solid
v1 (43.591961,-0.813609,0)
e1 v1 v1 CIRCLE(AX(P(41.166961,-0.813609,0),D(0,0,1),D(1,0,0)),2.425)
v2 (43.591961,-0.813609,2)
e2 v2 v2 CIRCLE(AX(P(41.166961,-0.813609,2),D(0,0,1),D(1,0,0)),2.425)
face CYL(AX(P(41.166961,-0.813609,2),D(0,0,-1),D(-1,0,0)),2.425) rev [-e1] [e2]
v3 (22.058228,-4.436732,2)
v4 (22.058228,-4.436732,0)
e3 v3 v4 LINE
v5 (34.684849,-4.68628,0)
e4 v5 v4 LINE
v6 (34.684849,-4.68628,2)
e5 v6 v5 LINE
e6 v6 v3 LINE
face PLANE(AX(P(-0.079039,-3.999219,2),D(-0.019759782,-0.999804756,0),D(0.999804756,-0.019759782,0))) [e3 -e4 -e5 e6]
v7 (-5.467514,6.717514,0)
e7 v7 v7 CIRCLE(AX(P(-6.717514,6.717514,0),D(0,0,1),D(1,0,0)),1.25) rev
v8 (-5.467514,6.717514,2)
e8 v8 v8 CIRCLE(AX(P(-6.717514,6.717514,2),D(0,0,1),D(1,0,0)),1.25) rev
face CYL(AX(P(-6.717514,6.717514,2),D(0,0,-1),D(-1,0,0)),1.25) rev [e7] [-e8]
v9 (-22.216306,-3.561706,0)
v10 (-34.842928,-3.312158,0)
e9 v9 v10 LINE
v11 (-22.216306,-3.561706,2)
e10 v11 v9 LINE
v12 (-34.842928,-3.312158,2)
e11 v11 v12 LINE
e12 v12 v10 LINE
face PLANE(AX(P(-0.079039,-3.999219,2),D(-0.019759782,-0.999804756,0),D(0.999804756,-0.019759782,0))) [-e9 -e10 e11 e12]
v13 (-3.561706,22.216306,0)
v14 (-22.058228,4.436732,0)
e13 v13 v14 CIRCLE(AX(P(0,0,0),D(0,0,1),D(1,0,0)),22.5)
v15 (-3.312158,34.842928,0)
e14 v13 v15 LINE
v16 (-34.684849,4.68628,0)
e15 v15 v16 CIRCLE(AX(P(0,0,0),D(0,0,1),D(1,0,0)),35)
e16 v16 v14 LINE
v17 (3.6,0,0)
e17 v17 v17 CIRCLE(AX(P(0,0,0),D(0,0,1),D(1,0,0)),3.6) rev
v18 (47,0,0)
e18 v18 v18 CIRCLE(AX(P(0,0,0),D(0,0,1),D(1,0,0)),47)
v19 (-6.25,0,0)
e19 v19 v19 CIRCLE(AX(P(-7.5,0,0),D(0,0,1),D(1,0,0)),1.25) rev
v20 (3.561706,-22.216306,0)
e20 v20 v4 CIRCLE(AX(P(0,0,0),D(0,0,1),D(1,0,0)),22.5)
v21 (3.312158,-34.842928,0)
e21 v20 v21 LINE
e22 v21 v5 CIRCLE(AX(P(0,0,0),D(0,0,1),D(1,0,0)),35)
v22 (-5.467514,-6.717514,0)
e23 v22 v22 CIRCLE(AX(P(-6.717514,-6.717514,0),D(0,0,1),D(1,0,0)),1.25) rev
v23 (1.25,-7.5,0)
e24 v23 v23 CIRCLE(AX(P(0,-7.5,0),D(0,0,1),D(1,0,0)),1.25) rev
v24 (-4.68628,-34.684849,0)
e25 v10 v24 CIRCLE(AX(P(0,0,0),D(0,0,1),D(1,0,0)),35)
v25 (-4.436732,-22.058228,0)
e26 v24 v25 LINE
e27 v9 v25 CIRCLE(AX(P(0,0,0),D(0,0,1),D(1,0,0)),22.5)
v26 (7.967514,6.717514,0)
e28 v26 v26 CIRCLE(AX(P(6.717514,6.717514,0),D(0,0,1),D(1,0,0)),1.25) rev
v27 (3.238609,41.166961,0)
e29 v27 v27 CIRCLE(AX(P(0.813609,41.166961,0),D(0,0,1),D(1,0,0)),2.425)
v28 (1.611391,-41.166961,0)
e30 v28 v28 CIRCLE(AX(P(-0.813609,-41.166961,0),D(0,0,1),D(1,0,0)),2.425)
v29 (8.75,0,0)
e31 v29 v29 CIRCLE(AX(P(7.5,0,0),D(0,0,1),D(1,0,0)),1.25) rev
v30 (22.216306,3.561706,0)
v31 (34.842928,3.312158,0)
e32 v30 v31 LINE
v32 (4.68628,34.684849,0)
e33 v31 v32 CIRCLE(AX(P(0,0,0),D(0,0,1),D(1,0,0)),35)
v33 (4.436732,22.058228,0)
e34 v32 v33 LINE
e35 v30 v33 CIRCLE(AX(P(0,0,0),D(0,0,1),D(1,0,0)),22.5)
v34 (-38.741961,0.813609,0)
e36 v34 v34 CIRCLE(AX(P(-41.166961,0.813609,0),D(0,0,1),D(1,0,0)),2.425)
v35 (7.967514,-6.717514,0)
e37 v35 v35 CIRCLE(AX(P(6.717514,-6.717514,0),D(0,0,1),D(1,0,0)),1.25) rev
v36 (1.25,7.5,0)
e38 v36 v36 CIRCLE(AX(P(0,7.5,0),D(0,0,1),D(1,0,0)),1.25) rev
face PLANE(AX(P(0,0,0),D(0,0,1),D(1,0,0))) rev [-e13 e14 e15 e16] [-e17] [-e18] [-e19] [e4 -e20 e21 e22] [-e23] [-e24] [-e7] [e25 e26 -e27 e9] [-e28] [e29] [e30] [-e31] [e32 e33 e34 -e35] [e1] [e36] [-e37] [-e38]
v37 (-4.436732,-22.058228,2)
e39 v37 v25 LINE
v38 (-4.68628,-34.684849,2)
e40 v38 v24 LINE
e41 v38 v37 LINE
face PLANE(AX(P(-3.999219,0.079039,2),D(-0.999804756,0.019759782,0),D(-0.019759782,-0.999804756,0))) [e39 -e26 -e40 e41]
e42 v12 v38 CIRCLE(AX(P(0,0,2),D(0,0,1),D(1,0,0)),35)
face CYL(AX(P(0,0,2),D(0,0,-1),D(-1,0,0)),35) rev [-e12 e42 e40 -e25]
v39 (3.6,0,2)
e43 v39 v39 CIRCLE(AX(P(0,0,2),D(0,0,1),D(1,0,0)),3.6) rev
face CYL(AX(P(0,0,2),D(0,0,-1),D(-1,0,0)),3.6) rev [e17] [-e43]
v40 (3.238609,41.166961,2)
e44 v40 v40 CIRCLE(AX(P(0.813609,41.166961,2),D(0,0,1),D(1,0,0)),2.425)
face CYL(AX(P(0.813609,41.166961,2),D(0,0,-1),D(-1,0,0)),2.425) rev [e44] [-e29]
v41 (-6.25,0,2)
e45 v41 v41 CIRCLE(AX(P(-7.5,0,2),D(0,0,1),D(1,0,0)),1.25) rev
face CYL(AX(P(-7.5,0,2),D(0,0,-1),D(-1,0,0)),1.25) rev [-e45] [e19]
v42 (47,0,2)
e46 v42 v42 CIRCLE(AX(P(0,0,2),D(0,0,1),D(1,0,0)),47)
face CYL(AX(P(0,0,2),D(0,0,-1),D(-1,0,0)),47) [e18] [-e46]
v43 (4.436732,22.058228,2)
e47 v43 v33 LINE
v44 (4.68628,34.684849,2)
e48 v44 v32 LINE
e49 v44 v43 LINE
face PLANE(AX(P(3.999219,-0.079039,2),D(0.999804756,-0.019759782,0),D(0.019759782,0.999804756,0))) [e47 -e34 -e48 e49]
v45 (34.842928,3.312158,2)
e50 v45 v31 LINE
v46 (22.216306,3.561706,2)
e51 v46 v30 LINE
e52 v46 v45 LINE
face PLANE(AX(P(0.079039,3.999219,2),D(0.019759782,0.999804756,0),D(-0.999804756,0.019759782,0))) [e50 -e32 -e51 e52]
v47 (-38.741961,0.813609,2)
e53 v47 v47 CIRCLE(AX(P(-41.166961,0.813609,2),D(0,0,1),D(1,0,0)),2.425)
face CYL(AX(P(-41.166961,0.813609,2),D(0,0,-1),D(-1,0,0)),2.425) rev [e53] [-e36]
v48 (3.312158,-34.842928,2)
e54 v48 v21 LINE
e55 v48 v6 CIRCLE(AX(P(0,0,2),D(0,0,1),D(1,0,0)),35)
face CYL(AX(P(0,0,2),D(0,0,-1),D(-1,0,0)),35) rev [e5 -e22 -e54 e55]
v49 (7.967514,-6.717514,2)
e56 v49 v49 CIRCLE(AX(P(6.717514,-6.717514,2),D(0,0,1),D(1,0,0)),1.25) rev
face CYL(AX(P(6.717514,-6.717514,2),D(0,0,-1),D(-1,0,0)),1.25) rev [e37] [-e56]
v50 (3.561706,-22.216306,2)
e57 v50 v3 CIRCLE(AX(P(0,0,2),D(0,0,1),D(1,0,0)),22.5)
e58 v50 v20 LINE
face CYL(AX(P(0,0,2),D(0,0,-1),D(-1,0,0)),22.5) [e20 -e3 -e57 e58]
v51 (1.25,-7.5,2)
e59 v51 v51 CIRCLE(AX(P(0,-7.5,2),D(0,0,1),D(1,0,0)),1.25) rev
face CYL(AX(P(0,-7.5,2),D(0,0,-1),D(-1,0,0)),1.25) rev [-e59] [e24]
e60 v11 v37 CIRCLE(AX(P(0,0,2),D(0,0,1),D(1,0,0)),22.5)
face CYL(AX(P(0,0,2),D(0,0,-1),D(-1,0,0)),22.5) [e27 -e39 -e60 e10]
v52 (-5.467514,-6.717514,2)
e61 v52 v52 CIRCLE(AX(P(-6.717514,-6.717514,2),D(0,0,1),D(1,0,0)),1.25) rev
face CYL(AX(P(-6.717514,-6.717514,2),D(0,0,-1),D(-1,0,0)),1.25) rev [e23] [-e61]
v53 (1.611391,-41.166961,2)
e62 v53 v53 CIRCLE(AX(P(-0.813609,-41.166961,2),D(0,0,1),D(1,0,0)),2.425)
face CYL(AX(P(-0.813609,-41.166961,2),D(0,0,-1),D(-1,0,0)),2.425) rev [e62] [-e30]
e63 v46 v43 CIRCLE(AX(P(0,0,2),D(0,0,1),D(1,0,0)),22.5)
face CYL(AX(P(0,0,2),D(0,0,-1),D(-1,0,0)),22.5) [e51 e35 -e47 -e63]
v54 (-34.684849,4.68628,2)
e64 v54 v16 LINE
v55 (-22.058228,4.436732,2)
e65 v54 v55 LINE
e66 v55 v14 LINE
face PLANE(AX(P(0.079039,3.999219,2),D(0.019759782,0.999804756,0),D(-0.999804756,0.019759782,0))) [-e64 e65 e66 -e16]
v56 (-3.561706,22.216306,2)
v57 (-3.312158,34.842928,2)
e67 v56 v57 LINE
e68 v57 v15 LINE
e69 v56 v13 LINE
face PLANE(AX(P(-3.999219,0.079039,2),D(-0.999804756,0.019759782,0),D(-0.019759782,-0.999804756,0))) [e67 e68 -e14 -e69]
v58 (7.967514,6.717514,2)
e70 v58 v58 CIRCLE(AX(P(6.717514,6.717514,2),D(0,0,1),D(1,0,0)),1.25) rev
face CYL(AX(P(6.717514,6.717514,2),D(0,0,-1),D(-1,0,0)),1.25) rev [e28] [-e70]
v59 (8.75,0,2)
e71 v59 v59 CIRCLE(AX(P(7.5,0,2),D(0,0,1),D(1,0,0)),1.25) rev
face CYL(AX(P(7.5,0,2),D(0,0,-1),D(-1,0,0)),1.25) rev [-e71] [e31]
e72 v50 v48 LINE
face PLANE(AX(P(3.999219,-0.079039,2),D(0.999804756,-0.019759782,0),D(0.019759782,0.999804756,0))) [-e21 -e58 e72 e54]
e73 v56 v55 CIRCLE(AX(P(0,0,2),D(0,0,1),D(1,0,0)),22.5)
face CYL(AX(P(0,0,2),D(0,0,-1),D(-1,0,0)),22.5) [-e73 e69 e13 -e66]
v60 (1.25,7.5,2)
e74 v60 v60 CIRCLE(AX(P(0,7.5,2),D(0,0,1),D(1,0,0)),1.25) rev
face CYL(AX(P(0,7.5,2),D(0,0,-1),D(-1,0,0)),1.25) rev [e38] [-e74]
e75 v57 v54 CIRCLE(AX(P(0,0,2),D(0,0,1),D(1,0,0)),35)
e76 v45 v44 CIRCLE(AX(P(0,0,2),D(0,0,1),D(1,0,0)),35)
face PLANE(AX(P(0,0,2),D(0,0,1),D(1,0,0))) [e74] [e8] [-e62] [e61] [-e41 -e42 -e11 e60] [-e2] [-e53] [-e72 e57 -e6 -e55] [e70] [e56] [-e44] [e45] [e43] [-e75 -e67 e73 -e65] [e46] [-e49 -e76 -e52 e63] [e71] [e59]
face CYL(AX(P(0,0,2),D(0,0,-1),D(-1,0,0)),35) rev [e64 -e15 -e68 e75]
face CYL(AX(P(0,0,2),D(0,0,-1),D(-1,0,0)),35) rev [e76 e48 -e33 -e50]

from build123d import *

# Parameters (mm, degrees)
SKETCH_2_R      = 47
SKETCH_2_R_2    = 2.425
SKETCH_2_R_3    = 35
SKETCH_2_R_4    = 22.5
SKETCH_2_R_5    = 1.25
SKETCH_2_R_6    = 3.6
EXTRUDE_1_DEPTH = 2


with BuildPart() as part:
    # 草图2 → 凸台-拉伸1 (new body)
    # profile 1 of 6: a face of its own
    with BuildSketch(Plane.XY):
        Circle(SKETCH_2_R)
        with Locations((-0.813609012, -41.166960847)):
            Circle(SKETCH_2_R_2, mode=Mode.SUBTRACT)
        Circle(SKETCH_2_R_3, mode=Mode.SUBTRACT)
        with Locations((0.813609012, 41.166960847)):
            Circle(SKETCH_2_R_2, mode=Mode.SUBTRACT)
        with Locations((41.166960847, -0.813609012)):
            Circle(SKETCH_2_R_2, mode=Mode.SUBTRACT)
        with Locations((-41.166960847, 0.813609012)):
            Circle(SKETCH_2_R_2, mode=Mode.SUBTRACT)
    # profile 2 of 6: a face of its own
    with BuildSketch(Plane.XY):
        with BuildLine():
            Line((-34.842927678, -3.312158032), (-22.21630595, -3.561706044))
            ThreePointArc((-22.21630595, -3.561706044), (-22.49560702, 0.444595088), (-22.058227696, 4.436732007))
            Line((-22.058227696, 4.436732007), (-34.684849424, 4.686280019))
            ThreePointArc((-34.684849424, 4.686280019), (-34.993166476, 0.69159236), (-34.842927678, -3.312158032))
        make_face()
    # profile 3 of 6: a face of its own
    with BuildSketch(Plane.XY):
        with BuildLine():
            Line((3.312158032, -34.842927678), (3.561706044, -22.21630595))
            ThreePointArc((3.561706044, -22.21630595), (-0.444595088, -22.49560702), (-4.436732007, -22.058227696))
            Line((-4.436732007, -22.058227696), (-4.686280019, -34.684849424))
            ThreePointArc((-4.686280019, -34.684849424), (-0.69159236, -34.993166476), (3.312158032, -34.842927678))
        make_face()
    # profile 4 of 6: a face of its own
    with BuildSketch(Plane.XY):
        with BuildLine():
            ThreePointArc((22.5, 0), (22.389284526, -2.229335869), (22.058227696, -4.436732007))
            Line((22.058227696, -4.436732007), (34.684849424, -4.686280019))
            ThreePointArc((34.684849424, -4.686280019), (34.921123477, -2.348432472), (35, 0))
            ThreePointArc((35, 0), (34.960709866, 1.657940179), (34.842927678, 3.312158032))
            Line((34.842927678, 3.312158032), (22.21630595, 3.561706044))
            ThreePointArc((22.21630595, 3.561706044), (22.428964353, 1.786493231), (22.5, 0))
        make_face()
    # profile 5 of 6: a face of its own
    with BuildSketch(Plane.XY):
        with BuildLine():
            Line((-3.312158032, 34.842927678), (-3.561706044, 22.21630595))
            ThreePointArc((-3.561706044, 22.21630595), (0.444595088, 22.49560702), (4.436732007, 22.058227696))
            Line((4.436732007, 22.058227696), (4.686280019, 34.684849424))
            ThreePointArc((4.686280019, 34.684849424), (0.69159236, 34.993166476), (-3.312158032, 34.842927678))
        make_face()
    # profile 6 of 6: a face of its own
    with BuildSketch(Plane.XY):
        Circle(SKETCH_2_R_4)
        with Locations((7.5, 0)):
            Circle(SKETCH_2_R_5, mode=Mode.SUBTRACT)
        with Locations((0, 7.5)):
            Circle(SKETCH_2_R_5, mode=Mode.SUBTRACT)
        with Locations((0, -7.5)):
            Circle(SKETCH_2_R_5, mode=Mode.SUBTRACT)
        with Locations((-6.717514421, 6.717514421)):
            Circle(SKETCH_2_R_5, mode=Mode.SUBTRACT)
        with Locations((-6.717514421, -6.717514421)):
            Circle(SKETCH_2_R_5, mode=Mode.SUBTRACT)
        with Locations((6.717514421, -6.717514421)):
            Circle(SKETCH_2_R_5, mode=Mode.SUBTRACT)
        with Locations((-7.5, 0)):
            Circle(SKETCH_2_R_5, mode=Mode.SUBTRACT)
        with Locations((6.717514421, 6.717514421)):
            Circle(SKETCH_2_R_5, mode=Mode.SUBTRACT)
        Circle(SKETCH_2_R_6, mode=Mode.SUBTRACT)
    extrude(amount=EXTRUDE_1_DEPTH)


solid = part.part
